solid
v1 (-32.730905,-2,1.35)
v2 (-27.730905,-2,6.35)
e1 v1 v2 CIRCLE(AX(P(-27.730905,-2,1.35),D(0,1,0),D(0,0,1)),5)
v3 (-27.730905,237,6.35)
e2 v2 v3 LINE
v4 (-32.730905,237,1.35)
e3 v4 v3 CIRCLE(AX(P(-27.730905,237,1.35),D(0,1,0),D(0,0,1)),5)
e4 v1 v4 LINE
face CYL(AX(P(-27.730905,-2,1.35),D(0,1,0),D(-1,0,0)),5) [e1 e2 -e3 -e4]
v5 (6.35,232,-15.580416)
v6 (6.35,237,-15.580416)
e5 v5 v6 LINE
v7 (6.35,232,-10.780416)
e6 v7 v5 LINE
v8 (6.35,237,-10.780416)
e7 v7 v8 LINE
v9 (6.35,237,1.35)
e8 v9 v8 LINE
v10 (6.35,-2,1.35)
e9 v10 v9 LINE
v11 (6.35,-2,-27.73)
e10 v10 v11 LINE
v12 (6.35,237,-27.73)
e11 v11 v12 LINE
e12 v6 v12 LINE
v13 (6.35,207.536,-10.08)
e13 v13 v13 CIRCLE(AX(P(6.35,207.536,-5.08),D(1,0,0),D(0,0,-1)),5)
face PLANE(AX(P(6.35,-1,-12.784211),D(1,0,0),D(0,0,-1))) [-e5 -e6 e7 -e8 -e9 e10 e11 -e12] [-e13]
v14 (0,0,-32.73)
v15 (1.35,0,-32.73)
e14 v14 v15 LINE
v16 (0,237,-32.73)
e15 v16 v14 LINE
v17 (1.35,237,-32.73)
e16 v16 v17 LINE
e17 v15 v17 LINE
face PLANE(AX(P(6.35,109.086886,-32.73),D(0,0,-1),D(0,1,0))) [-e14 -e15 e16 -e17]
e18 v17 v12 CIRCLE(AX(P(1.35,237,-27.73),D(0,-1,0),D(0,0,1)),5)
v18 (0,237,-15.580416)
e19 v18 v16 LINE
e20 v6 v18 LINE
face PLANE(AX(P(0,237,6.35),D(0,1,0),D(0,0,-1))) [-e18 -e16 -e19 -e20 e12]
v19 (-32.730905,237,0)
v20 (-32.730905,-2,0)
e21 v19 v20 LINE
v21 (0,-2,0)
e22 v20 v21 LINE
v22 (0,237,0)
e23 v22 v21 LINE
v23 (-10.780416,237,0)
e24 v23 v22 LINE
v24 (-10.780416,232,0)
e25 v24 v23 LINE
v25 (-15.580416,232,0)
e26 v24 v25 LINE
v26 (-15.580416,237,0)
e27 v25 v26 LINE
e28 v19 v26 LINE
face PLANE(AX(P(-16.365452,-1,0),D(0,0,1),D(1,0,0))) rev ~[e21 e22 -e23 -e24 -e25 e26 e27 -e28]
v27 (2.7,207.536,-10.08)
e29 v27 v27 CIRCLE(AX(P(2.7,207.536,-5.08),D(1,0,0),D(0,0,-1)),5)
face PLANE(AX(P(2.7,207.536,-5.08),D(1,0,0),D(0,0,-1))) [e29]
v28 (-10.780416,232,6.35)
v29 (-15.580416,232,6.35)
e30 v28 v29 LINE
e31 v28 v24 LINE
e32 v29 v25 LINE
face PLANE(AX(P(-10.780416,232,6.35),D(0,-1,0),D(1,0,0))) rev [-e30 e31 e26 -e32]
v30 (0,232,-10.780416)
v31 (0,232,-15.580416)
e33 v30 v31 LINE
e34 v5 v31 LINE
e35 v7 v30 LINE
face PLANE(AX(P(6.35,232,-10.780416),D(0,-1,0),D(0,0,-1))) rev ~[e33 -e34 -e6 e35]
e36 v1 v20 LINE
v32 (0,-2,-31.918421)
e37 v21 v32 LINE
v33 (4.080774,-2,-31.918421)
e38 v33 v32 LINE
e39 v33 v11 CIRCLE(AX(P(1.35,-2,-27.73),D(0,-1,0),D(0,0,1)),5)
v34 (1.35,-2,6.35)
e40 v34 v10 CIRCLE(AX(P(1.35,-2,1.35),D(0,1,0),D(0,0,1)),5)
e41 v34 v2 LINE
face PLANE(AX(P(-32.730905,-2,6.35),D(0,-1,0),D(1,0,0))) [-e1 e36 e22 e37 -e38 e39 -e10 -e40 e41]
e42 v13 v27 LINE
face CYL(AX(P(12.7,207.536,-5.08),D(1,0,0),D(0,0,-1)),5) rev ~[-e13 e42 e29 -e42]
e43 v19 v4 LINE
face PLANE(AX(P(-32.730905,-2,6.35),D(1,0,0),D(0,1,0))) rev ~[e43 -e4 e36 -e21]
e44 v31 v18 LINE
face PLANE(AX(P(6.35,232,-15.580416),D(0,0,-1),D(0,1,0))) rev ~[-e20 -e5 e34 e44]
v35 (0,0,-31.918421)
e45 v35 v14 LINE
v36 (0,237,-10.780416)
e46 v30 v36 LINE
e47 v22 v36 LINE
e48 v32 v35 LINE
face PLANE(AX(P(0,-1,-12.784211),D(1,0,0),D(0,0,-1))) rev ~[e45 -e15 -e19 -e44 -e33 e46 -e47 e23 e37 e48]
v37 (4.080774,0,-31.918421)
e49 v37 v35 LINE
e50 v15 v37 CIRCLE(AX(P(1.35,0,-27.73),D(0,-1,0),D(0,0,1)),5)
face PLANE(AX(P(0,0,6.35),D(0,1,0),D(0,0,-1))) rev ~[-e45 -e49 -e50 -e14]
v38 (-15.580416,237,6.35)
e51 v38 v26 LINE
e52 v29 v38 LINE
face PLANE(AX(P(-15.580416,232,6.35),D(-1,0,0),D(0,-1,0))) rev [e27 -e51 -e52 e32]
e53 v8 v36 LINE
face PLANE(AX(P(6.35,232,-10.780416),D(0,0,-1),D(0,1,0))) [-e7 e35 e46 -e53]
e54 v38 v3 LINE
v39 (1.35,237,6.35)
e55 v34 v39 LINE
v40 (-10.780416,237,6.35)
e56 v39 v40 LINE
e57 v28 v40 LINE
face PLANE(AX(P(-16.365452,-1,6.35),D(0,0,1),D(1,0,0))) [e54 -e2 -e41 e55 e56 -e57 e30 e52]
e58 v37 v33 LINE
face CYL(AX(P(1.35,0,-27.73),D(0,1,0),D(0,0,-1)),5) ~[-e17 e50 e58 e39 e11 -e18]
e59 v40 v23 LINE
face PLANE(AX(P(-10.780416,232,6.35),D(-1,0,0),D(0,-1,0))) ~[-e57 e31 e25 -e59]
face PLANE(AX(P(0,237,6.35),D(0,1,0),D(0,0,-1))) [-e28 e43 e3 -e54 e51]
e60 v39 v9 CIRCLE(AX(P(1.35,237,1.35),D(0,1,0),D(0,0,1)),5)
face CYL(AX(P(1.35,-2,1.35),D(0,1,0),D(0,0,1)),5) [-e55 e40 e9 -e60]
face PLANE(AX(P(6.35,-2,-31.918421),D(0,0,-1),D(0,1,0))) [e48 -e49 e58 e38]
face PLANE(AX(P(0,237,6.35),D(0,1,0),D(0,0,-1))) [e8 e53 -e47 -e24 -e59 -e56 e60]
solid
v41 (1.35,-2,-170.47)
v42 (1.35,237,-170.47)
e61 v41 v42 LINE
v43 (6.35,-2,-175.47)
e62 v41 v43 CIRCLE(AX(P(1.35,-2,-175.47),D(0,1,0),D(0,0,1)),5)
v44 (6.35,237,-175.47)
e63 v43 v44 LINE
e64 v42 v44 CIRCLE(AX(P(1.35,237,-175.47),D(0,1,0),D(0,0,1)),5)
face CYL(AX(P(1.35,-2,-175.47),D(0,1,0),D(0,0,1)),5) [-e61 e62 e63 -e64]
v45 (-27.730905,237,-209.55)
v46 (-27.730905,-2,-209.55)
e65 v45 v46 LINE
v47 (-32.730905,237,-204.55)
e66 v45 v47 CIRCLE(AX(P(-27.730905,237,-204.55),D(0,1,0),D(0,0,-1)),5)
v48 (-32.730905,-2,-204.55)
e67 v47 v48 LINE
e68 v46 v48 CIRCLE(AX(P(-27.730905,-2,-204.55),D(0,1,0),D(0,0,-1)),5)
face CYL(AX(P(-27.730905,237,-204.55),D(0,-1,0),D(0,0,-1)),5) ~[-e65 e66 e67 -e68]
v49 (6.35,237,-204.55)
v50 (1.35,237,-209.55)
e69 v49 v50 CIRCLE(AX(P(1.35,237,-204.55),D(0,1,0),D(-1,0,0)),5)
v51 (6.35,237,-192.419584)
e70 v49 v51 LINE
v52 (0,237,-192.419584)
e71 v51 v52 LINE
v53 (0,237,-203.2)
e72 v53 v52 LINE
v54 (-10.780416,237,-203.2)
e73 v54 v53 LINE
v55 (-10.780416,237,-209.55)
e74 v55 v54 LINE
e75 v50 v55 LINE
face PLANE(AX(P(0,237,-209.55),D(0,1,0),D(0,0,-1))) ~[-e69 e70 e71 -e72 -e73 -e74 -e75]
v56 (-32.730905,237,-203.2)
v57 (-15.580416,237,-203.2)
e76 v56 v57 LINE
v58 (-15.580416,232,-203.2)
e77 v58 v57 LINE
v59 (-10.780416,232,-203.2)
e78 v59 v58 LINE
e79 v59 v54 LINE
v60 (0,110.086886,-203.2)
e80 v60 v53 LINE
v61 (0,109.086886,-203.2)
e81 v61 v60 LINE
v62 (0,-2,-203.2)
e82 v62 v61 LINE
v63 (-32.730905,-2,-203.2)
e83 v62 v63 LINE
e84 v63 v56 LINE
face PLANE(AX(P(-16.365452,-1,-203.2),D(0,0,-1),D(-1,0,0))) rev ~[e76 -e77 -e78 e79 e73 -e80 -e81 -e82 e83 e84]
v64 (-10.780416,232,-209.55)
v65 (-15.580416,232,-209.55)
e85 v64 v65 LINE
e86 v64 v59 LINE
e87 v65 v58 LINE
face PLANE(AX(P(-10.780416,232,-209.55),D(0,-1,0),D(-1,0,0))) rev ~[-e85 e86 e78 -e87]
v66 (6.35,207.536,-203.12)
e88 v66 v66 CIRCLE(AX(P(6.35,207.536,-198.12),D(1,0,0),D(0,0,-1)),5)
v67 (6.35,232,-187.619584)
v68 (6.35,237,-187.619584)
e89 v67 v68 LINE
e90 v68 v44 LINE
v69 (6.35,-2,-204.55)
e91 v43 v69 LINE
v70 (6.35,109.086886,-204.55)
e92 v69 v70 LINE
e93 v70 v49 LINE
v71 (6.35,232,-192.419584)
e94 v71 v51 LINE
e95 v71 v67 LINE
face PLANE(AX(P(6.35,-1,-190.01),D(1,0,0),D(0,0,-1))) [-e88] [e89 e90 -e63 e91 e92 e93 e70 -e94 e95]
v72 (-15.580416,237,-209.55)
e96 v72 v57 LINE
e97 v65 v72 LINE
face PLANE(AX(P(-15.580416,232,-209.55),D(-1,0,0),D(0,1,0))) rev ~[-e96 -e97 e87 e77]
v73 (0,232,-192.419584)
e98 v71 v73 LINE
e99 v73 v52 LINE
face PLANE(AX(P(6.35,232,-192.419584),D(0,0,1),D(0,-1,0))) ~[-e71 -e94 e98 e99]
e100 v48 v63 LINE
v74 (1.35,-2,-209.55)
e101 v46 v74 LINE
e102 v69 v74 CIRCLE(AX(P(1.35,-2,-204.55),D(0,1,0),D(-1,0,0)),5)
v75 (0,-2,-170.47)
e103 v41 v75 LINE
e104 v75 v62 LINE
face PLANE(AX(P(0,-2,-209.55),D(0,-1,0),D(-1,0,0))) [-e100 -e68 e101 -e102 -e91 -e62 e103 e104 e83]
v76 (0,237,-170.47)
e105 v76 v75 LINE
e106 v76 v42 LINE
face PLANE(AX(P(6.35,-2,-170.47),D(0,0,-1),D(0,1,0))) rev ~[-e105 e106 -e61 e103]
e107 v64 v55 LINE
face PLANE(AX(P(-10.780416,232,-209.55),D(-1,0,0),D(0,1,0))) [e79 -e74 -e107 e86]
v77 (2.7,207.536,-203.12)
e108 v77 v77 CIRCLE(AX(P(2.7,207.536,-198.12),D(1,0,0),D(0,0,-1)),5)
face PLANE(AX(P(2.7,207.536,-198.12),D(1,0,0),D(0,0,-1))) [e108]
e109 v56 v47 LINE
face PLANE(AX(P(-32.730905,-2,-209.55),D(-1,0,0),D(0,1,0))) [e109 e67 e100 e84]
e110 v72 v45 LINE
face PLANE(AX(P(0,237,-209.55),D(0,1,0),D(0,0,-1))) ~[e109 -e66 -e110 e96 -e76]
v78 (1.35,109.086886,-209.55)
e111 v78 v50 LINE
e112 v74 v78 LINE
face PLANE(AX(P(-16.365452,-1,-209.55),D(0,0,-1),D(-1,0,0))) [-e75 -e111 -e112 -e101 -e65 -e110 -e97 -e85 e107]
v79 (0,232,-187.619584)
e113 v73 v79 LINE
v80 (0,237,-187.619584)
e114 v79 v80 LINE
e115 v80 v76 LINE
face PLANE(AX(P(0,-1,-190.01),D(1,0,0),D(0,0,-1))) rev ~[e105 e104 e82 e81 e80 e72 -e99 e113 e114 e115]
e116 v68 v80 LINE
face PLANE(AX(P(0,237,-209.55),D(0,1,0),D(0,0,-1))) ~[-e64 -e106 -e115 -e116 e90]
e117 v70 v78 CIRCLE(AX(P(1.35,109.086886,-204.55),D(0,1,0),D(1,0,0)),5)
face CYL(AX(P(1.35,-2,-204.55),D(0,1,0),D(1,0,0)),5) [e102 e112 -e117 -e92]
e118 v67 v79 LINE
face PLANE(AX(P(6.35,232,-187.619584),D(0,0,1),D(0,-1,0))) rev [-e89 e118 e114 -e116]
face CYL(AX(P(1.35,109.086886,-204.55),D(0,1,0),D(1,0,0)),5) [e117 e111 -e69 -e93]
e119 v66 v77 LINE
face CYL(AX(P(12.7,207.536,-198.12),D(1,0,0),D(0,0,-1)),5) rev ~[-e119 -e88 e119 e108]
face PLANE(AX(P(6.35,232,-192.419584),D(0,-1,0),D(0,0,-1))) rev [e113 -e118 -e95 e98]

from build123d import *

# Parameters (mm, degrees)
SKETCH1_W                   = 32.730904613
SKETCH1_H                   = 237
BOSS_EXTRUDE1_DEPTH         = 6.35
SKETCH2_W                   = 39.08
SKETCH2_H                   = 237
BOSS_EXTRUDE3_DEPTH         = 6.35
SKETCH27_W                  = 4.8
SKETCH27_H                  = 5
LOCKING_MECHANISM_CUT_DEPTH = 6.35
SKETCH29_W                  = 39.08
SKETCH29_H                  = 1
F_1_MM_SPLIT_DEPTH          = 39.080905
SKETCH32_R                  = 5
LOCKING_MOUNT_DEPTH         = 6.35
SKETCH33_R                  = 1.9
M4_SCREW_HOLE_DEPTH         = 6.35
SKETCH34_R                  = 5
CUT_EXTRUDE1_DEPTH          = 10
SKETCH36_R                  = 5
CUT_EXTRUDE2_DEPTH          = 10
SKETCH40_W                  = 39.080904613
SKETCH40_H                  = 1
BOSS_EXTRUDE4_DEPTH         = 6.35
SKETCH41_W                  = 32.73
SKETCH41_H                  = 1
BOSS_EXTRUDE5_DEPTH         = 6.35
SKETCH42_W                  = 39.08
SKETCH42_H                  = 1
BOSS_EXTRUDE6_DEPTH         = 6.35
SKETCH43_W                  = 32.730904613
SKETCH43_H                  = 1
BOSS_EXTRUDE7_DEPTH         = 6.35
SKETCH44_W                  = 38.268421488
SKETCH44_H                  = 2
BOSS_EXTRUDE8_DEPTH         = 6.35
SKETCH45_W                  = 32.730904613
SKETCH45_H                  = 2
BOSS_EXTRUDE9_DEPTH         = 6.35
FILLET4_R                   = 5
SKETCH46_W                  = 39.08
SKETCH46_H                  = 2
BOSS_EXTRUDE10_DEPTH        = 6.35
SKETCH47_W                  = 32.730904613
SKETCH47_H                  = 2
BOSS_EXTRUDE11_DEPTH        = 6.35
FILLET5_R                   = 5


with BuildPart() as part:
    # Sketch1 → Boss-Extrude1 (new body)
    with BuildSketch(Plane.XY):
        with Locations((-16.365452306, 118.5)):
            Rectangle(SKETCH1_W, SKETCH1_H)
    extrude(amount=BOSS_EXTRUDE1_DEPTH)

    # Sketch2 → Boss-Extrude3 (add)
    with BuildSketch(Plane(origin=(0, 0, 0), x_dir=(0, 0, -1), z_dir=(1, 0, 0))):
        with Locations((13.19, 118.5)):
            Rectangle(SKETCH2_W, SKETCH2_H)
    extrude(amount=BOSS_EXTRUDE3_DEPTH)

    # Sketch27 → Locking_Mechanism_Cut (cut)
    with BuildSketch(Plane(origin=(6.35, 0, 0), x_dir=(0, 0, -1), z_dir=(1, 0, 0))):
        with Locations((13.180415796, 234.5)):
            Rectangle(SKETCH27_W, SKETCH27_H)
    locking_mechanism_cut = extrude(amount=-LOCKING_MECHANISM_CUT_DEPTH, mode=Mode.SUBTRACT)

    # Sketch29 → 1 mm split (cut)
    with BuildSketch(Plane(origin=(6.35, 0, 0), x_dir=(0, 0, -1), z_dir=(1, 0, 0))):
        with Locations((13.19, 109.586886099)):
            Rectangle(SKETCH29_W, SKETCH29_H)
    extrude(amount=-F_1_MM_SPLIT_DEPTH, mode=Mode.SUBTRACT)

    # LockingMechanismMirror: Locking_Mechanism_Cut across plane
    add(locking_mechanism_cut.mirror(Plane(origin=(0, 0, 0), x_dir=(0.707106781, 0, 0.707106781), z_dir=(0.707106781, 0, -0.707106781))), mode=Mode.SUBTRACT)


with BuildPart() as body_2:
    # Sketch32 → Locking Mount (new body)
    with BuildSketch(Plane(origin=(6.35, 0, 0), x_dir=(0, 0, -1), z_dir=(1, 0, 0))):
        with Locations((5.08, 207.536)):
            Circle(SKETCH32_R)
    extrude(amount=LOCKING_MOUNT_DEPTH)

    # Sketch33 → M4 Screw Hole (cut)
    with BuildSketch(Plane(origin=(12.7, 0, 0), x_dir=(0, 0, -1), z_dir=(1, 0, 0))):
        with Locations((5.08, 207.536)):
            Circle(SKETCH33_R)
    extrude(amount=-M4_SCREW_HOLE_DEPTH, mode=Mode.SUBTRACT)


with BuildPart() as body_3:
    # Mirror2: mirrored copy
    add(part.part.mirror(Plane(origin=(0, 0, -101.6), x_dir=(1, 0, 0), z_dir=(0, 0, -1))))


with BuildPart() as body_4:
    # Mirror2 2: mirrored copy
    add(body_2.part.mirror(Plane(origin=(0, 0, -101.6), x_dir=(1, 0, 0), z_dir=(0, 0, -1))))


with BuildPart() as cut_extrude1_tool:
    # Sketch34 → Cut-Extrude1 (new body)
    with BuildSketch(Plane(origin=(12.7, 0, 0), x_dir=(0, 0, -1), z_dir=(1, 0, 0))):
        with Locations((5.08, 207.536)):
            Circle(SKETCH34_R)
    extrude(amount=-CUT_EXTRUDE1_DEPTH)


with BuildPart() as part_1:
    add(part.part)

    # Cut-Extrude1: cut by cut_extrude1_tool
    add(cut_extrude1_tool.part, mode=Mode.SUBTRACT)

    # Sketch42 → Boss-Extrude6 (add)
    with BuildSketch(Plane(origin=(6.35, 0, 0), x_dir=(0, 0, -1), z_dir=(1, 0, 0))):
        with Locations((13.19, 109.586886099)):
            Rectangle(SKETCH42_W, SKETCH42_H)
    extrude(amount=-BOSS_EXTRUDE6_DEPTH)

    # Sketch43 → Boss-Extrude7 (add)
    with BuildSketch(Plane.XY.offset(6.35)):
        with Locations((-16.365452306, 109.586886099)):
            Rectangle(SKETCH43_W, SKETCH43_H)
    extrude(amount=-BOSS_EXTRUDE7_DEPTH)

    # Sketch44 → Boss-Extrude8 (add)
    with BuildSketch(Plane(origin=(6.35, 0, 0), x_dir=(0, 0, -1), z_dir=(1, 0, 0))):
        with Locations((12.784210744, -1)):
            Rectangle(SKETCH44_W, SKETCH44_H)
    extrude(amount=-BOSS_EXTRUDE8_DEPTH)

    # Sketch45 → Boss-Extrude9 (add)
    with BuildSketch(Plane.XY.offset(6.35)):
        with Locations((-16.365452306, -1)):
            Rectangle(SKETCH45_W, SKETCH45_H)
    extrude(amount=-BOSS_EXTRUDE9_DEPTH)

    # Fillet4
    fillet4_edges = [part_1.edges().sort_by_distance(p)[0] for p in [
        (6.35, 118.5, -32.73),
        (-32.730904613, 117.5, 6.35),
        (6.35, 117.5, 6.35),
    ]]
    fillet(fillet4_edges, radius=FILLET4_R)


with BuildPart() as body_2_1:
    add(body_2.part)

    # Cut-Extrude1: cut by cut_extrude1_tool
    add(cut_extrude1_tool.part, mode=Mode.SUBTRACT)


with BuildPart() as cut_extrude2_tool:
    # Sketch36 → Cut-Extrude2 (new body)
    with BuildSketch(Plane(origin=(12.7, 0, 0), x_dir=(0, 0, -1), z_dir=(1, 0, 0))):
        with Locations((198.12, 207.536)):
            Circle(SKETCH36_R)
    extrude(amount=-CUT_EXTRUDE2_DEPTH)


with BuildPart() as body_3_1:
    add(body_3.part)

    # Cut-Extrude2: cut by cut_extrude2_tool
    add(cut_extrude2_tool.part, mode=Mode.SUBTRACT)

    # Sketch40 → Boss-Extrude4 (add)
    with BuildSketch(Plane(origin=(0, 0, -209.55), x_dir=(-1, 0, 0), z_dir=(0, 0, -1))):
        with Locations((13.190452306, 109.586886099)):
            Rectangle(SKETCH40_W, SKETCH40_H)
    extrude(amount=-BOSS_EXTRUDE4_DEPTH)

    # Sketch41 → Boss-Extrude5 (add)
    with BuildSketch(Plane(origin=(6.35, 0, 0), x_dir=(0, 0, -1), z_dir=(1, 0, 0))):
        with Locations((186.835, 109.586886099)):
            Rectangle(SKETCH41_W, SKETCH41_H)
    extrude(amount=-BOSS_EXTRUDE5_DEPTH)

    # Sketch46 → Boss-Extrude10 (add)
    with BuildSketch(Plane(origin=(6.35, 0, 0), x_dir=(0, 0, -1), z_dir=(1, 0, 0))):
        with Locations((190.01, -1)):
            Rectangle(SKETCH46_W, SKETCH46_H)
    extrude(amount=-BOSS_EXTRUDE10_DEPTH)

    # Sketch47 → Boss-Extrude11 (add)
    with BuildSketch(Plane(origin=(0, 0, -209.55), x_dir=(-1, 0, 0), z_dir=(0, 0, -1))):
        with Locations((16.365452306, -1)):
            Rectangle(SKETCH47_W, SKETCH47_H)
    extrude(amount=-BOSS_EXTRUDE11_DEPTH)

    # Fillet5
    fillet5_edges = [body_3_1.edges().sort_by_distance(p)[0] for p in [
        (6.35, 117.5, -170.47),
        (6.35, 117.5, -209.55),
        (-32.730904613, 117.5, -209.55),
    ]]
    fillet(fillet5_edges, radius=FILLET5_R)


with BuildPart() as body_4_1:
    add(body_4.part)

    # Cut-Extrude2: cut by cut_extrude2_tool
    add(cut_extrude2_tool.part, mode=Mode.SUBTRACT)


solid = Compound([part_1.part, body_3_1.part])
